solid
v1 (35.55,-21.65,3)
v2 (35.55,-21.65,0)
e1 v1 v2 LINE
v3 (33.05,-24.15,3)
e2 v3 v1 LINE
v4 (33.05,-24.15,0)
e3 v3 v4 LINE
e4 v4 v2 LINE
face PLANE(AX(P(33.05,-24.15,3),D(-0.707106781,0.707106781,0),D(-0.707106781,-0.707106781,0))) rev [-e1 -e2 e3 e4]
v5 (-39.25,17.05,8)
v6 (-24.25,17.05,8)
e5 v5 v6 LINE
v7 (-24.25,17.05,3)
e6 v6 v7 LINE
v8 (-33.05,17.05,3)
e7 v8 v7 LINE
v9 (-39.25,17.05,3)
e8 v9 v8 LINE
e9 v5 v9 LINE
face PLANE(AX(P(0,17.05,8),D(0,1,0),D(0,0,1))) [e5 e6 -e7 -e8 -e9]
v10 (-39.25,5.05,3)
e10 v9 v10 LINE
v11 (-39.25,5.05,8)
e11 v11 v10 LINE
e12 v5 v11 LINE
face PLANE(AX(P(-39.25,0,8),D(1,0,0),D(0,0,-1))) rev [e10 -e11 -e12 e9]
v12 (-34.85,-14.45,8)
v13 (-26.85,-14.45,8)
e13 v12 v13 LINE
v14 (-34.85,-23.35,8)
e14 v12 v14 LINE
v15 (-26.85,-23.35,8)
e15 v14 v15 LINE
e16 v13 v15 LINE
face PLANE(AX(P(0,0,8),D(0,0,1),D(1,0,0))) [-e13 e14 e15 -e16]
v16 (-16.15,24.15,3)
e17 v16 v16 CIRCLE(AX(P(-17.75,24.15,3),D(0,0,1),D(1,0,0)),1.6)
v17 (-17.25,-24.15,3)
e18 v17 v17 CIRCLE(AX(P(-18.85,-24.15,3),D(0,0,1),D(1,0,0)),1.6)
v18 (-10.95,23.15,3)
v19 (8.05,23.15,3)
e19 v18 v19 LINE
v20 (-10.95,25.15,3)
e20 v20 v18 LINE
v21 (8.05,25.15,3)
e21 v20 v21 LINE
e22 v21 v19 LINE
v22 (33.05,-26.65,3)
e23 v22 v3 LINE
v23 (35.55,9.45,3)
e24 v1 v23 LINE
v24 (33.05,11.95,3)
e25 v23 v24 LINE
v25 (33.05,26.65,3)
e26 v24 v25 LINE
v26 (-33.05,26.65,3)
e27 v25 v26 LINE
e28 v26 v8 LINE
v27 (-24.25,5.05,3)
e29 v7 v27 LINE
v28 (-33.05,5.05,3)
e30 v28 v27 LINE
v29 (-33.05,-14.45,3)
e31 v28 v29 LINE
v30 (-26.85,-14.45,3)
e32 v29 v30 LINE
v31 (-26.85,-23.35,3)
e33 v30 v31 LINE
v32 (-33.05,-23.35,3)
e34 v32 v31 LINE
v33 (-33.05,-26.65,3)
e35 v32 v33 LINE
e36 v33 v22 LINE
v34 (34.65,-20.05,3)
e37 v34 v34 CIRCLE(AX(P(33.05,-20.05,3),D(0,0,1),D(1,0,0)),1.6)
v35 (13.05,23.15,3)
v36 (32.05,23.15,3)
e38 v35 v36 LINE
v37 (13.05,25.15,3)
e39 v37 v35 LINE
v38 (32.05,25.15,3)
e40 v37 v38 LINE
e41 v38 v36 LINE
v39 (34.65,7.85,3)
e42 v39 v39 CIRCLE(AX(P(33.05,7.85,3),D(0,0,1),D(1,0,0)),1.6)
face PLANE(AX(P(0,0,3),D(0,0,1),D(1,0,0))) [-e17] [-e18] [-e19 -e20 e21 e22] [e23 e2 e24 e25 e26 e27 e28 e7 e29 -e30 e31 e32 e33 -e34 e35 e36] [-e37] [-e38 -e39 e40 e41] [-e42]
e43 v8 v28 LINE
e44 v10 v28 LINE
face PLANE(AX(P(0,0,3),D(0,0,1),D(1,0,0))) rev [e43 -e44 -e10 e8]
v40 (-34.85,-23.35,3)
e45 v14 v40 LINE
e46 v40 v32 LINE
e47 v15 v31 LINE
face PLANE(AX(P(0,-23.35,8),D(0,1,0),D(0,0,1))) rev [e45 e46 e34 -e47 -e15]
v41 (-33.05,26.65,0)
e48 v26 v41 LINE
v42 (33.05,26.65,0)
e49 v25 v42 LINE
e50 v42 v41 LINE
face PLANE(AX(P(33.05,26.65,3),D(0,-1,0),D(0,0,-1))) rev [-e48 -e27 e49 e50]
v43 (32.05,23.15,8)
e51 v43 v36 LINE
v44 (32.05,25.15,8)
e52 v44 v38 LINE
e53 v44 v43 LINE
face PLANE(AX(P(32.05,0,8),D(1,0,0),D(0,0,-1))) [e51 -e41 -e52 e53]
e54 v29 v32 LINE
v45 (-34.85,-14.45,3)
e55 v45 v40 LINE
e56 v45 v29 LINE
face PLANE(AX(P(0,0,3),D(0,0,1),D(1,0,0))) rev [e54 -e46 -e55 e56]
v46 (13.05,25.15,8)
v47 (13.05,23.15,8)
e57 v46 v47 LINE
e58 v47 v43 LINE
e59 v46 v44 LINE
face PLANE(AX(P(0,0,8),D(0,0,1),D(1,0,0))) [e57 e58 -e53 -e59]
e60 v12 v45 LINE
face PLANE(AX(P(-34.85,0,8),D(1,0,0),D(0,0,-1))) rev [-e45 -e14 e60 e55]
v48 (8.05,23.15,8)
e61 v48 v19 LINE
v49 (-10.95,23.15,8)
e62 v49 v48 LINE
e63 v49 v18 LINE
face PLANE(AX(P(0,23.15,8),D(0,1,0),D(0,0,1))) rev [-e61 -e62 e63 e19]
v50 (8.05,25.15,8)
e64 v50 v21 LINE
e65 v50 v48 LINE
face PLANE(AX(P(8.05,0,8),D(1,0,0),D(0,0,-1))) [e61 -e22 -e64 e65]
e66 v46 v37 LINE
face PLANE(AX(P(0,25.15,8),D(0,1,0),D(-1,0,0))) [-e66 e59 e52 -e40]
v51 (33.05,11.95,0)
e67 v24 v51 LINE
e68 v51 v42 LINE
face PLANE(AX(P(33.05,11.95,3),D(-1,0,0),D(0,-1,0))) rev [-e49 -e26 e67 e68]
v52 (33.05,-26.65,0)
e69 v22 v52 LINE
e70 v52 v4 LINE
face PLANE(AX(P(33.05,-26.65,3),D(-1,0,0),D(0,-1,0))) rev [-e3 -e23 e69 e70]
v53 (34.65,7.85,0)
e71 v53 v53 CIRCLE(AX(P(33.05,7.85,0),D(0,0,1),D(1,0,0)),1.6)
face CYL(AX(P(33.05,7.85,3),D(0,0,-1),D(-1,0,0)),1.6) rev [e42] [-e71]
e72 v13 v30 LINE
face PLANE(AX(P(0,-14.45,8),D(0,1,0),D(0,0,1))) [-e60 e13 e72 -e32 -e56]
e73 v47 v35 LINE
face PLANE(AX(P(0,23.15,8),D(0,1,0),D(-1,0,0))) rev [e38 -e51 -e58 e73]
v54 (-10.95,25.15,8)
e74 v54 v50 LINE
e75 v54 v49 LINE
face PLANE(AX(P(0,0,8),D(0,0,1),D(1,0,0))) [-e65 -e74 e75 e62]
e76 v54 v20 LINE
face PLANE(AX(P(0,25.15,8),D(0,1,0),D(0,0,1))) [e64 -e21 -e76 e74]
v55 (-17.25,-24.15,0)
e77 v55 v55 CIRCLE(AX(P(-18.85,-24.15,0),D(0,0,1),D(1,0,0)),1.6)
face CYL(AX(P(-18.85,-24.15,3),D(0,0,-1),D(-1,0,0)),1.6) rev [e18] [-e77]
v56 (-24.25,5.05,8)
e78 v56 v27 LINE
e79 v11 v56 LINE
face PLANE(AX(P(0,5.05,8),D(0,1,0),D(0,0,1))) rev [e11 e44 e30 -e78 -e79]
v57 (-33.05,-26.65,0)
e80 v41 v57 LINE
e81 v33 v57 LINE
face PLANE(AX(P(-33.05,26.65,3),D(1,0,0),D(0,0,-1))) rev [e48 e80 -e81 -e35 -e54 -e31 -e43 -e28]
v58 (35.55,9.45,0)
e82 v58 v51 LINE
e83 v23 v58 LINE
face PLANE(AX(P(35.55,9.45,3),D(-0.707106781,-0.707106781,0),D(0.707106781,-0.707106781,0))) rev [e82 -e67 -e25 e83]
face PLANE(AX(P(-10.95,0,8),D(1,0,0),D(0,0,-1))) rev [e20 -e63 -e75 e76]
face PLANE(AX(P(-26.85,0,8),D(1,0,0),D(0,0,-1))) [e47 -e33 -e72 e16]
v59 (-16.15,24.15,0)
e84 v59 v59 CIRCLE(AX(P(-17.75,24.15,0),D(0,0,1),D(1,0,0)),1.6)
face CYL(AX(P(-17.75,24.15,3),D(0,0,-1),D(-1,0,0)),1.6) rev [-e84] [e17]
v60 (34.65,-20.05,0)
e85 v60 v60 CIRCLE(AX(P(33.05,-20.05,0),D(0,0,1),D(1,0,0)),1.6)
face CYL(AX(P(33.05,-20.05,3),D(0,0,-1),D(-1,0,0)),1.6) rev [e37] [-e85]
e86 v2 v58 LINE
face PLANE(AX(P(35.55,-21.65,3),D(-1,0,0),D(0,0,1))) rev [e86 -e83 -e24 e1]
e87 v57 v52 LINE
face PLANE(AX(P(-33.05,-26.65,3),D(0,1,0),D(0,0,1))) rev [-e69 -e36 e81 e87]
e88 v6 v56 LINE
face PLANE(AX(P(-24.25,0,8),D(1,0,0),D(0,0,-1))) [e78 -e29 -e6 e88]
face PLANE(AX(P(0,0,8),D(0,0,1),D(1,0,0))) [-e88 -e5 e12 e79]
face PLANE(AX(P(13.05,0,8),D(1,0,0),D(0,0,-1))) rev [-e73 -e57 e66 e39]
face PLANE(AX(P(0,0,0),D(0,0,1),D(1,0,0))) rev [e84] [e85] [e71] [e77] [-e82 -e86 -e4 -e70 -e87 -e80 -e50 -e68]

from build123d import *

# Parameters (mm, degrees)
CROQUIS1_R              = 1.6
SALIENTE_EXTRUIR1_DEPTH = 3
CROQUIS2_W              = 8.8
CROQUIS2_H              = 12
CROQUIS2_W_2            = 6.2
CROQUIS2_H_2            = 8.9
CROQUIS2_W_3            = 1.8
CROQUIS2_W_4            = 19
CROQUIS2_H_3            = 2
SALIENTE_EXTRUIR2_DEPTH = 5


with BuildPart() as part:
    # Croquis1 → Saliente-Extruir1 (new body)
    with BuildSketch(Plane.XY):
        Polygon((-33.05, 26.65), (-33.05, -26.65), (33.05, -26.65), (33.05, -24.15), (35.55, -21.65), (35.55, 9.45), (33.05, 11.95), (33.05, 26.65), align=None)
        with Locations((33.05, -20.05)):
            Circle(CROQUIS1_R, mode=Mode.SUBTRACT)
        with Locations((33.05, 7.85)):
            Circle(CROQUIS1_R, mode=Mode.SUBTRACT)
        with Locations((-18.85, -24.15)):
            Circle(CROQUIS1_R, mode=Mode.SUBTRACT)
        with Locations((-17.75, 24.15)):
            Circle(CROQUIS1_R, mode=Mode.SUBTRACT)
    extrude(amount=SALIENTE_EXTRUIR1_DEPTH)

    # Croquis2 → Saliente-Extruir2 (add)
    with BuildSketch(Plane.XY.offset(3)):
        with Locations((-28.65, 11.05)):
            Rectangle(CROQUIS2_W, CROQUIS2_H)
        with Locations((-29.95, -18.9)):
            Rectangle(CROQUIS2_W_2, CROQUIS2_H_2)
        with Locations((-36.15, 11.05)):
            Rectangle(CROQUIS2_W_2, CROQUIS2_H)
        with Locations((-33.95, -18.9)):
            Rectangle(CROQUIS2_W_3, CROQUIS2_H_2)
        with Locations((22.55, 24.15)):
            Rectangle(CROQUIS2_W_4, CROQUIS2_H_3)
        with Locations((-1.45, 24.15)):
            Rectangle(CROQUIS2_W_4, CROQUIS2_H_3)
    extrude(amount=SALIENTE_EXTRUIR2_DEPTH)


solid = part.part
